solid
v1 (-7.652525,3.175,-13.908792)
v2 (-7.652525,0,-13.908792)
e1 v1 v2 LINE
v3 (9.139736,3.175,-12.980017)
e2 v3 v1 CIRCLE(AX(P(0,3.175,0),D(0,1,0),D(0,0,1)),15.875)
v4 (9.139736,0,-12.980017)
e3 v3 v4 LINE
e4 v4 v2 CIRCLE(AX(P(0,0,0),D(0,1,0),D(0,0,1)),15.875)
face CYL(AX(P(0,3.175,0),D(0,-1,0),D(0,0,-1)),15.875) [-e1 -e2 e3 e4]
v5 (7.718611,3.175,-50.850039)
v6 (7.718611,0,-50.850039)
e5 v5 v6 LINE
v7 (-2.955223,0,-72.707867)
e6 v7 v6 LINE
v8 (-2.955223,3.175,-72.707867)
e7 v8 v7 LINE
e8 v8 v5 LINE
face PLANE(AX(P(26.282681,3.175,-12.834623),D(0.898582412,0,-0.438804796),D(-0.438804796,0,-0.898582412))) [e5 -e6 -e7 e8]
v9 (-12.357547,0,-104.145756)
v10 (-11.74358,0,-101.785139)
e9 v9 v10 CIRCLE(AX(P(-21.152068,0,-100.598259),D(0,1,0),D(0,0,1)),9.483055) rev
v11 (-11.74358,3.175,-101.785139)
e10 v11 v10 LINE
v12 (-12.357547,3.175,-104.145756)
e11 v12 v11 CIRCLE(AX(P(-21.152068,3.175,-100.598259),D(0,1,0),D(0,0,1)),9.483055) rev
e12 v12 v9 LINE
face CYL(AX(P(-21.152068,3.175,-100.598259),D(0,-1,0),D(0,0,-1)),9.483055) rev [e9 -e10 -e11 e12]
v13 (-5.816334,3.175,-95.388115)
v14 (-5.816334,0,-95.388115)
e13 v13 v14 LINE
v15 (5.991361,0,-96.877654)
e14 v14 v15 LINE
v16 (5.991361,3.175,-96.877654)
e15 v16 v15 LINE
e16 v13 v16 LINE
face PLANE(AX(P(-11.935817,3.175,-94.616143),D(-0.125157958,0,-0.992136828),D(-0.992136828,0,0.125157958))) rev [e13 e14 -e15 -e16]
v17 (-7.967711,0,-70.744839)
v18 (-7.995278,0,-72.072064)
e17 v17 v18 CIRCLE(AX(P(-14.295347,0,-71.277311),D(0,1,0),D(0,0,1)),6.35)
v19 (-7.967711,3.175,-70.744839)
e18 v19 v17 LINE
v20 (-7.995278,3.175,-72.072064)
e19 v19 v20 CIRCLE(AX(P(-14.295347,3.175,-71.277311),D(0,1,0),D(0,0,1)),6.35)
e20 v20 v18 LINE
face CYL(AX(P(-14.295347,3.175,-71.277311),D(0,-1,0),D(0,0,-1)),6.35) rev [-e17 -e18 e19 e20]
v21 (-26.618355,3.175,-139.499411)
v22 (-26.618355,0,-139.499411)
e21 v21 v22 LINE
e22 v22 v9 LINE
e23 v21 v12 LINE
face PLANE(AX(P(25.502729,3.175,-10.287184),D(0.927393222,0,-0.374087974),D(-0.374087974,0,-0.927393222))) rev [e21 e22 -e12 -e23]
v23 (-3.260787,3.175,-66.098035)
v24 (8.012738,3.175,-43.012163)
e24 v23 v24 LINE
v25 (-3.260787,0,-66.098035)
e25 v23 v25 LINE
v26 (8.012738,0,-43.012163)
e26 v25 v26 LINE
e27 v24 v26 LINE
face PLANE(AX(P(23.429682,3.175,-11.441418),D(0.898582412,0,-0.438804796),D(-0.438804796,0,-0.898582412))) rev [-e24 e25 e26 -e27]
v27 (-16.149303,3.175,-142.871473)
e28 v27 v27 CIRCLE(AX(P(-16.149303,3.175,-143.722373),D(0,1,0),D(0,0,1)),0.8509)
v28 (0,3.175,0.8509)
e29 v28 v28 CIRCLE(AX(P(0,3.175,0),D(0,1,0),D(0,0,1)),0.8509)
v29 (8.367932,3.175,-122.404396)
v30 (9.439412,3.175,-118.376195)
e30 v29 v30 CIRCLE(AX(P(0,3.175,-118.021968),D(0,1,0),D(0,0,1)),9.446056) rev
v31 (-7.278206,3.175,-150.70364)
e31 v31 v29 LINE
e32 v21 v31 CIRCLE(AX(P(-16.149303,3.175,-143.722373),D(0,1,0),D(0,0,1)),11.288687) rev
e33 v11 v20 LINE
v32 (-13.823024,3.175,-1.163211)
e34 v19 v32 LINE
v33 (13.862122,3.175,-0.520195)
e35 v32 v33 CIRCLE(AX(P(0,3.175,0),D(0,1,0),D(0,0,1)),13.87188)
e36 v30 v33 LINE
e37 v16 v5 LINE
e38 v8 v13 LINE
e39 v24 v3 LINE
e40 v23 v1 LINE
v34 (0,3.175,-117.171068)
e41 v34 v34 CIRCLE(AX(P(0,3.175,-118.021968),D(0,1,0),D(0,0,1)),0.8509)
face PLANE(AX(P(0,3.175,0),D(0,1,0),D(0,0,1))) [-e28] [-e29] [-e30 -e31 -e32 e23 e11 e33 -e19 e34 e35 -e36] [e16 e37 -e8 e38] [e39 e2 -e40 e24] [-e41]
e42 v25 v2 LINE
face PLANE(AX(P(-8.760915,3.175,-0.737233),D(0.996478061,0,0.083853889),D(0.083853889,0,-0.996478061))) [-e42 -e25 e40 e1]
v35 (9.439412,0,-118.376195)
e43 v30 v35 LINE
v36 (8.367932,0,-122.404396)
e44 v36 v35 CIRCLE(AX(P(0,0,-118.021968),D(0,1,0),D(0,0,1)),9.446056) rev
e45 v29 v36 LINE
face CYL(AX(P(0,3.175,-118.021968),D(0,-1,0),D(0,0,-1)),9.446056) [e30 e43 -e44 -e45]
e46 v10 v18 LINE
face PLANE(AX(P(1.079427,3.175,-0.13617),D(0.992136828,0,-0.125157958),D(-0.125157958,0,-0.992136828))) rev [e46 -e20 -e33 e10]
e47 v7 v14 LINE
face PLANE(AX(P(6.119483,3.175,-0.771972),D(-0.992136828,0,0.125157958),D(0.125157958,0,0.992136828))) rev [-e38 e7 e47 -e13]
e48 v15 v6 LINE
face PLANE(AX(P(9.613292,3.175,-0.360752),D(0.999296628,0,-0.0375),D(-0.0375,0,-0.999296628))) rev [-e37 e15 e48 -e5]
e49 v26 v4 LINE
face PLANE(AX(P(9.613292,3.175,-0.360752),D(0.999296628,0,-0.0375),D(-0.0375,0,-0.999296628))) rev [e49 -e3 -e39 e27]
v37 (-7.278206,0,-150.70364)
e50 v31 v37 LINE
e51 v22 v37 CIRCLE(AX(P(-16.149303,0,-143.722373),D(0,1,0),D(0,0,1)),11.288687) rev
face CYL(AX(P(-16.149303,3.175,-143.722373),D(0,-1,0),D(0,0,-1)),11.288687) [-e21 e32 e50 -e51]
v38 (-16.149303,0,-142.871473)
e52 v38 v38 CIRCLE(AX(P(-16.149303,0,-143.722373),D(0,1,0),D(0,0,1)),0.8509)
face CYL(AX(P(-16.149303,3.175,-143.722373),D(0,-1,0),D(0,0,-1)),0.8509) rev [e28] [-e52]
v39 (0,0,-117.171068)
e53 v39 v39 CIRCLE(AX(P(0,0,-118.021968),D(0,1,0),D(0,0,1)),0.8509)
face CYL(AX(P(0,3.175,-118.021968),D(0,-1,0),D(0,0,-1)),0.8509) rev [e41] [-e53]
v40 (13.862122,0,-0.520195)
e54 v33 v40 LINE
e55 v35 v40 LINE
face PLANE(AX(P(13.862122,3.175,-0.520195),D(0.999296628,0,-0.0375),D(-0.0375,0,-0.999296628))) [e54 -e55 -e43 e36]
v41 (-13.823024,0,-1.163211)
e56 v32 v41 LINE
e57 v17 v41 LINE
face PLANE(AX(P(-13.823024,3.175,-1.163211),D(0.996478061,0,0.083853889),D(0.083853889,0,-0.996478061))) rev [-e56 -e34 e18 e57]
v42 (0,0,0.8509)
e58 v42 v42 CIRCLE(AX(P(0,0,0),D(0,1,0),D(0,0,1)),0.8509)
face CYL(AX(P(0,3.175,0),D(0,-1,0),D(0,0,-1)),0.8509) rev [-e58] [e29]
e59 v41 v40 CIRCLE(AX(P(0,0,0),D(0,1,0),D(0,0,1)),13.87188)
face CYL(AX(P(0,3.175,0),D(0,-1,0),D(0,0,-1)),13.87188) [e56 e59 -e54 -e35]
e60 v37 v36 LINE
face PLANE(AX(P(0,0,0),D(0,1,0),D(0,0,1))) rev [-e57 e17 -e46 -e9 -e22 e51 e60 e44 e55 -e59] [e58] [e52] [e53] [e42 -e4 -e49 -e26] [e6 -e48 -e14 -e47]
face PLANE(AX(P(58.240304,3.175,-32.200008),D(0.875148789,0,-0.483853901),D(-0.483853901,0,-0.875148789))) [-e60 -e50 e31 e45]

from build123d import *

# Parameters (mm, degrees)
SKETCH1_R           = 0.8509
BOSS_EXTRUDE3_DEPTH = 3.175


with BuildPart() as part:
    # Sketch1 → Boss-Extrude3 (new body)
    # profile 1 of 2: a face of its own
    with BuildSketch(Plane(origin=(0, 0, 0), x_dir=(1, 0, 0), z_dir=(0, 1, 0))):
        with BuildLine():
            Line((-26.618355099, 139.499410737), (-12.357546713, 104.145756125))
            ThreePointArc((-12.357546713, 104.145756125), (-11.974349365, 102.985269848), (-11.743579527, 101.785139069))
            Line((-11.743579527, 101.785139069), (-7.99527824, 72.072064446))
            ThreePointArc((-7.99527824, 72.072064446), (-7.946716363, 71.409174189), (-7.967711413, 70.744839217))
            Line((-7.967711413, 70.744839217), (-13.823023592, 1.163211045))
            ThreePointArc((-13.823023592, 1.163211045), (-0.322101588, -13.868139447), (13.862122414, 0.520195482))
            Line((13.862122414, 0.520195482), (11.138065029, 73.110631708))
            Line((11.138065029, 73.110631708), (9.439411602, 118.376195482))
            ThreePointArc((9.439411602, 118.376195482), (9.128634942, 120.450134843), (8.367932415, 122.40439641))
            Line((8.367932415, 122.40439641), (-7.278206254, 150.703639796))
            ThreePointArc((-7.278206254, 150.703639796), (-21.808106397, 153.490299925), (-26.618355099, 139.499410737))
        make_face()
        with Locations(Location((0, 0, 0), (0, 0, 270))):
            Circle(SKETCH1_R, mode=Mode.SUBTRACT)
        with Locations(Location((0, 118.021968393, 0), (0, 0, 270))):
            Circle(SKETCH1_R, mode=Mode.SUBTRACT)
        with Locations(Location((-16.149303345, 143.722372767, 0), (0, 0, 270))):
            Circle(SKETCH1_R, mode=Mode.SUBTRACT)
        with BuildLine():
            ThreePointArc((-2.955223154, 72.707866873), (-2.867811775, 71.514664411), (-2.905602865, 70.318861461))
            Line((-2.905602865, 70.318861461), (-7.652524964, 13.908791704))
            ThreePointArc((-7.652524964, 13.908791704), (0.876701263, 15.850773479), (9.139736464, 12.98001704))
            Line((9.139736464, 12.98001704), (5.991360589, 96.877654221))
            Line((5.991360589, 96.877654221), (-5.816334076, 95.388114762))
            Line((-5.816334076, 95.388114762), (-2.955223154, 72.707866873))
        make_face(mode=Mode.SUBTRACT)
    # profile 2 of 2: a face of its own
    with BuildSketch(Plane(origin=(0, 0, 0), x_dir=(1, 0, 0), z_dir=(0, 1, 0))):
        with BuildLine():
            Line((7.71861106, 50.850039017), (-2.955223154, 72.707866873))
            ThreePointArc((-2.955223154, 72.707866873), (-2.867811775, 71.514664411), (-2.905602865, 70.318861461))
            Line((-2.905602865, 70.318861461), (-3.260786549, 66.098034587))
            Line((-3.260786549, 66.098034587), (8.012738289, 43.012163072))
            Line((8.012738289, 43.012163072), (7.71861106, 50.850039017))
        make_face()
    extrude(amount=BOSS_EXTRUDE3_DEPTH)


solid = part.part
